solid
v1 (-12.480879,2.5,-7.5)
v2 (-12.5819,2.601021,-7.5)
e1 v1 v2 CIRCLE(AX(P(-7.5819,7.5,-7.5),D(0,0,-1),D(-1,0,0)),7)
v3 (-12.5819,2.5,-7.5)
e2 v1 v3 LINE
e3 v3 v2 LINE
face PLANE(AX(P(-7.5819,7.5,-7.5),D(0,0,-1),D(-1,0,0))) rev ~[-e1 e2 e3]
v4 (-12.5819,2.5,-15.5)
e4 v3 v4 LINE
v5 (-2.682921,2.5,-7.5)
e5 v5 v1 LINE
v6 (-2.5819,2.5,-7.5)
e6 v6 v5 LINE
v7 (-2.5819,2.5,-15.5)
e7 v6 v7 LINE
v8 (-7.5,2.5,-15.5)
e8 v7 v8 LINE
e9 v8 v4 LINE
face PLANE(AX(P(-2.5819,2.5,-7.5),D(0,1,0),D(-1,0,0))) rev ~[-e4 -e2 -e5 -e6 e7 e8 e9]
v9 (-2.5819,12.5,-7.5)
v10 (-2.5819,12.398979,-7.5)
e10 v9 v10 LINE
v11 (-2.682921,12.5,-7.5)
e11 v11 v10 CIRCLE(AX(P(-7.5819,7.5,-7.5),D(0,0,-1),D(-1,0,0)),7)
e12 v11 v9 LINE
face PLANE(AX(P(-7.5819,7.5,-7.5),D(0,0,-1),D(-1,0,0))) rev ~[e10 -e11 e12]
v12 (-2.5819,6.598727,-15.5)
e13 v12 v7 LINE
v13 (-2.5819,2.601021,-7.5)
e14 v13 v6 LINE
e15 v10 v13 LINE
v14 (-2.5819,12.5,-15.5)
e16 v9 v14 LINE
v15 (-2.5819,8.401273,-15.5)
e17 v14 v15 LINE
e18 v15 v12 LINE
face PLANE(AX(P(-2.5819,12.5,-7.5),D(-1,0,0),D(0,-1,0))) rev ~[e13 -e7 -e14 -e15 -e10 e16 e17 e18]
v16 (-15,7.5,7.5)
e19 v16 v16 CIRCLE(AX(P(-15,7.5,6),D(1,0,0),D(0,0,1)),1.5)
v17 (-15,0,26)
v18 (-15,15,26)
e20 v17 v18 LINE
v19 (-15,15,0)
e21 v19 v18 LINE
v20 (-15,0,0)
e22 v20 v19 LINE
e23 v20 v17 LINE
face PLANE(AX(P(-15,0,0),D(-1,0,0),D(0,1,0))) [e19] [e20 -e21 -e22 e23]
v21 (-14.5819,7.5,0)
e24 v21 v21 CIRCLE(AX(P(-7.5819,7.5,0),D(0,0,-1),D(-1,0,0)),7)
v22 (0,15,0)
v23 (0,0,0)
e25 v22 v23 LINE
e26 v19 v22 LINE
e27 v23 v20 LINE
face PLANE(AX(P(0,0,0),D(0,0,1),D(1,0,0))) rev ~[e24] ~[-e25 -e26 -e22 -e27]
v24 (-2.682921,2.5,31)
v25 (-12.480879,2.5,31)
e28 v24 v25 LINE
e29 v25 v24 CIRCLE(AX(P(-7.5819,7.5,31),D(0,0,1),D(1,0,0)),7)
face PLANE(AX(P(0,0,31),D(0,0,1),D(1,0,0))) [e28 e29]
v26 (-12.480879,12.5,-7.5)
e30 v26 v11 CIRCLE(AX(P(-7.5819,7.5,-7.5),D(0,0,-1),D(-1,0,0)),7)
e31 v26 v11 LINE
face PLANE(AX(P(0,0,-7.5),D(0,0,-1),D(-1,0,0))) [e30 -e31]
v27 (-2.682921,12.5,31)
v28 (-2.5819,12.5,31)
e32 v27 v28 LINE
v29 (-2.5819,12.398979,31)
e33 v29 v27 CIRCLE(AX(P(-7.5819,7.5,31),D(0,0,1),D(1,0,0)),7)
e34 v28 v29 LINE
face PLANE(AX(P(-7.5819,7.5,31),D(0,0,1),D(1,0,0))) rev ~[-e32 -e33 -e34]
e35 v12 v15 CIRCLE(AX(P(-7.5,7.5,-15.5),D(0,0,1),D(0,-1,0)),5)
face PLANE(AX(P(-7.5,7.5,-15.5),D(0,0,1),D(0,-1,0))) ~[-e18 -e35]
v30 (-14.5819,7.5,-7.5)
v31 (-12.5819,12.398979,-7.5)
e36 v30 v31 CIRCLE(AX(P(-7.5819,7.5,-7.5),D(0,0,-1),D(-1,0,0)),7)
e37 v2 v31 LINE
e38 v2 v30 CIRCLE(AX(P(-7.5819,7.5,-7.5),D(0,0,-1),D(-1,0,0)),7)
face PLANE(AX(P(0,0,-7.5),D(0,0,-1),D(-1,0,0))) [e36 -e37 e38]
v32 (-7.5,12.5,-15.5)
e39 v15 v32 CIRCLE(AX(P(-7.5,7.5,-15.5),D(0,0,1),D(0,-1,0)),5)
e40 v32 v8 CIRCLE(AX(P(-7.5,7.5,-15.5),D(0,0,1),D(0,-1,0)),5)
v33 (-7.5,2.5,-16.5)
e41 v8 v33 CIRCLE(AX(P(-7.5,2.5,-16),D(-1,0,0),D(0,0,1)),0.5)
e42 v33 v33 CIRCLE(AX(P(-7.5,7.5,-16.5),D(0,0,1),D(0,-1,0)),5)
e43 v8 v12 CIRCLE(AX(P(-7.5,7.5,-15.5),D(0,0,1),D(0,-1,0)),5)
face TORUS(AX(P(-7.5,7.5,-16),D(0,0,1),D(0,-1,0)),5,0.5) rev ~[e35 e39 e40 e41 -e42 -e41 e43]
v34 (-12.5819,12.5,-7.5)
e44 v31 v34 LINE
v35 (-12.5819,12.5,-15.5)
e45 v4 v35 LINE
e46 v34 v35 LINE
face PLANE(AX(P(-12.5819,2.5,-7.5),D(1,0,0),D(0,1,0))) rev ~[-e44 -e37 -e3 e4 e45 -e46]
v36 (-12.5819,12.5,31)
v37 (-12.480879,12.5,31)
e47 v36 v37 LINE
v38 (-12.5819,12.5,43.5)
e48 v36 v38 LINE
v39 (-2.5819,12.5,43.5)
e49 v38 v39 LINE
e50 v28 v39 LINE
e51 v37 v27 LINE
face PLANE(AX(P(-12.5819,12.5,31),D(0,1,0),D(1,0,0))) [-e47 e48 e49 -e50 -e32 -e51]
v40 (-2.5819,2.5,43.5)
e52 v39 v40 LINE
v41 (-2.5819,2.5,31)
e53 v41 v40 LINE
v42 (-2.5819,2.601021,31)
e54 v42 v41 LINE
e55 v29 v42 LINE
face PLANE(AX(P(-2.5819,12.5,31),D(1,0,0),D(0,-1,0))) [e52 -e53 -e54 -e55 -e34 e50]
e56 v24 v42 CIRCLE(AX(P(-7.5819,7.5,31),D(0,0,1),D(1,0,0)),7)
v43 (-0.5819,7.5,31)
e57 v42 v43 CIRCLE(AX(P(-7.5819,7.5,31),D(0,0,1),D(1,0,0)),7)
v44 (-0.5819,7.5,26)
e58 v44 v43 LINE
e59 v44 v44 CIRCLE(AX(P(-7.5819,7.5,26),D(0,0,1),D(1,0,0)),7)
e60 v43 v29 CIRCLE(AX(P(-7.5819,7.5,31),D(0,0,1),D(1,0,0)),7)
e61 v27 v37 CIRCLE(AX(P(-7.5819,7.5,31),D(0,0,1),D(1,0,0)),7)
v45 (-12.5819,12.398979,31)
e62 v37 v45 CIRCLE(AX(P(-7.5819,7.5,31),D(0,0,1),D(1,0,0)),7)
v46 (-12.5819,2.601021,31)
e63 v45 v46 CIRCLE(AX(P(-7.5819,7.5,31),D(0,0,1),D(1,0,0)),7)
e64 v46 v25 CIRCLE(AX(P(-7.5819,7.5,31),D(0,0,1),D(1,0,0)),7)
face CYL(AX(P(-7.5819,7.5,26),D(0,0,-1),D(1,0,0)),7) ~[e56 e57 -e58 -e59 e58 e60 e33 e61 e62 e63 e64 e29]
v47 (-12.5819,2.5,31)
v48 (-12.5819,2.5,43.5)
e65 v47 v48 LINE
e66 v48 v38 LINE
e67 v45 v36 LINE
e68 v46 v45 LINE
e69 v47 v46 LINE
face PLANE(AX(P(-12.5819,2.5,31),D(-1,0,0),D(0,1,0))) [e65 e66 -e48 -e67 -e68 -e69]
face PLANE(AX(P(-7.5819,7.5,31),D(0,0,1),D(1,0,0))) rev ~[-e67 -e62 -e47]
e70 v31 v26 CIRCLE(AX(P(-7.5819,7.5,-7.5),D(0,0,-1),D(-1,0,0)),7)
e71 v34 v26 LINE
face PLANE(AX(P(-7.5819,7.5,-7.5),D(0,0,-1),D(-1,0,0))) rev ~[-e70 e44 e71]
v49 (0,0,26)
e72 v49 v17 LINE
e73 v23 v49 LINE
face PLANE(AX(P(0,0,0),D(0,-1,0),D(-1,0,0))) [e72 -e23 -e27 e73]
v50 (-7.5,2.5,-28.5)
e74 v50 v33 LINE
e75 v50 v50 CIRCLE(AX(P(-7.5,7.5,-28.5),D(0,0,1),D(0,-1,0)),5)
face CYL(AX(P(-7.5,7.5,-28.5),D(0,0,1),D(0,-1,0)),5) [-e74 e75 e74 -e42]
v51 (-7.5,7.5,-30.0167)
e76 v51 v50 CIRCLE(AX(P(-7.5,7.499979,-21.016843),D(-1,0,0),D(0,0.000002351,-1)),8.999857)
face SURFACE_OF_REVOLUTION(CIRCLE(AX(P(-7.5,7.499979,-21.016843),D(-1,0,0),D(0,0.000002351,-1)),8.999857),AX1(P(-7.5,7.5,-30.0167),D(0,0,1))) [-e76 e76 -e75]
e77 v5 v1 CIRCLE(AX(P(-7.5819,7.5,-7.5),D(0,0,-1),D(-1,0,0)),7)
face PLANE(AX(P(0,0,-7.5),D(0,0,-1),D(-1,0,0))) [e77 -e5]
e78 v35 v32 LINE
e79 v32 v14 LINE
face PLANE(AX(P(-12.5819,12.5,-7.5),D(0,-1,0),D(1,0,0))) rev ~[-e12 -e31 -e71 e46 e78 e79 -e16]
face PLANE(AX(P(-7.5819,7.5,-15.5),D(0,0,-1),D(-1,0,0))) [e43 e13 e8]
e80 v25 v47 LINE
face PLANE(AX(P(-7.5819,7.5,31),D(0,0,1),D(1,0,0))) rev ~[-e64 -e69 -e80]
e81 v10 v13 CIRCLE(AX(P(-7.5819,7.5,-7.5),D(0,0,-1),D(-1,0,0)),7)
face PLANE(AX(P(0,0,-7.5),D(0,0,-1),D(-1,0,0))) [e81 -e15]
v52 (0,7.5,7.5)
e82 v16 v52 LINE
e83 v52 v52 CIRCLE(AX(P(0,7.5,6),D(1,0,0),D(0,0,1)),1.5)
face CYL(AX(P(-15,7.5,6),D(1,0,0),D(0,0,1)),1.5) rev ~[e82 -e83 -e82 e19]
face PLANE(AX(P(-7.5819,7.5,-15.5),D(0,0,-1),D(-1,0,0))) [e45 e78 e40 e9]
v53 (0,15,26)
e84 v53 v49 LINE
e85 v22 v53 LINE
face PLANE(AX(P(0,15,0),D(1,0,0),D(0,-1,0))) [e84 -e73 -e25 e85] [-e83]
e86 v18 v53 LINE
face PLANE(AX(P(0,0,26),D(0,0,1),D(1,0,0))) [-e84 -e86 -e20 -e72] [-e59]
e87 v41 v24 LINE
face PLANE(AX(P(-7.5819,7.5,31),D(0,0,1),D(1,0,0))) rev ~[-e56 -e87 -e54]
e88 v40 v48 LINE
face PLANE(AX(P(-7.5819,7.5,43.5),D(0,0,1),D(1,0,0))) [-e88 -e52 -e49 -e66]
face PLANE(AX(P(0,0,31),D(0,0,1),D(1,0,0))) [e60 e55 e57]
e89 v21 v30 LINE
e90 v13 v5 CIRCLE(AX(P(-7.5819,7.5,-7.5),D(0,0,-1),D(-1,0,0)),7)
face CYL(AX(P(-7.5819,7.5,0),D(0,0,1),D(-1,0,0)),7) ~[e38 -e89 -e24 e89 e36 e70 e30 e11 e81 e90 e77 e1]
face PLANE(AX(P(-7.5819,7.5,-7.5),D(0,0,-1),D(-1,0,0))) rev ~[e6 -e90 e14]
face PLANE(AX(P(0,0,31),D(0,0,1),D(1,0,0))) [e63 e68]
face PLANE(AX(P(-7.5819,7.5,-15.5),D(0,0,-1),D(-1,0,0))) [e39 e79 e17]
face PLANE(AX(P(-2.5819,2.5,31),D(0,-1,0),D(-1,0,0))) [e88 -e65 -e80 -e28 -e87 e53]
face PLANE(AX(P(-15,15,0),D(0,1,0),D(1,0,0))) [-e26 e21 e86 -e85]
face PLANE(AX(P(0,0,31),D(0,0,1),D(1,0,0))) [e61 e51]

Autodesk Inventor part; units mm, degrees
ref_plane "YZ Plane" through (0, 0, 0) normal (1, 0, 0) x (0, 1, 0)
ref_plane "XZ Plane" through (0, 0, 0) normal (0, 1, 0) x (-1, 0, 0)
sketch "Sketch1" plane through (0, 0, 0) normal (0, 0, 1) x (1, 0, 0)
  line L0 (0, 0) -> (-15, 0)
  line L1 (-15, 0) -> (-15, 15)
  line L2 (-15, 15) -> (0, 15)
  line L3 (0, 15) -> (0, 0)
  dimension "d0" = 15
  dimension "d1" = 15
extrude "Extrusion1" add sketch "Sketch1" along normal blind 26
sketch "Sketch2" plane through (0, 0, 26) normal (0, 0, 1) x (1, 0, 0)
  circle A0 centre (-7.5819, 7.5) radius 7
  point P0 (0, 0)
  dimension "d4" = 14
extrude "Extrusion2" add sketch "Sketch2" along normal blind 5
sketch "Sketch3" plane through (-7.5819, 7.5, 31) normal (0, 0, 1) x (1, 0, 0)
  line L0 (-5, 5) -> (5, 5)
  line L1 (5, 5) -> (5, -5)
  line L2 (5, -5) -> (-5, -5)
  line L3 (-5, -5) -> (-5, 5)
  line L4 (-5, 5) -> (5, -5) construction
  line L5 (5, 5) -> (-5, -5) construction
  point P0 (7.5819, -7.5)
  point P1 (0, 0)
  dimension "d7" = 10
  dimension "d8" = 10
extrude "Extrusion3" add sketch "Sketch3" along normal blind 12.5
sketch "Sketch4" plane through (0, 0, 0) normal (0, 0, -1) x (-1, 0, 0)
  circle A0 centre (7.5819, 7.5) radius 7 projected
  circle A1 centre (7.5819, 7.5) radius 7
  point P0 (0, 0)
  dimension "d11" = 14
extrude "Extrusion4" add sketch "Sketch4" along normal blind 7.5
sketch "Sketch5" plane through (-7.5819, 7.5, -7.5) normal (0, 0, -1) x (-1, 0, 0)
  line L0 (-5, -5) -> (5, -5)
  line L1 (5, -5) -> (5, 5)
  line L2 (5, 5) -> (-5, 5)
  line L3 (-5, 5) -> (-5, -5)
  line L4 (-5, -5) -> (5, 5) construction
  line L5 (5, -5) -> (-5, 5) construction
  point P0 (-7.5819, -7.5)
  point P1 (0, 0)
  dimension "d14" = 10
  dimension "d15" = 10
extrude "Extrusion5" add sketch "Sketch5" along normal blind 8
ref_plane "Work Plane1" through (-7.5, 0, 0) normal (-1, 0, 0) x (0, 0, 1)
sketch "Sketch6" plane through (-7.5, 0, 0) normal (-1, 0, 0) x (0, 0, 1)
  line L0 (-15.5, 12.5) -> (-15.5, 2.5) projected
  line L1 (-7.5, 2.5) -> (-15.5, 2.5) projected
  arc A0 (-15.5, 2.5) -> (-16.5, 2.5) centre (-16, 2.5) ccw
  line L2 (-28.5, 2.5) -> (-16.5, 2.5)
  arc A1 (-30.0167, 7.5) -> (-28.5, 2.5) centre (-21.0167, 7.5) ccw
  line L3 (-30.0167, 7.5) -> (-15.5, 7.5)
  line L4 (-15.5, 2.5) -> (-15.5, 7.5)
  point P0 (0, 0)
  dimension "d19" = 0.5
  dimension "d20" = 1
  dimension "d21" = 12
  dimension "d22" = 18
revolve "Revolution1" add sketch "Sketch6" angle 360 about axis through (-7.5, 7.5, -30.0167) along (0, 0, 1)
sketch "Sketch7" plane through (-15, 0, 0) normal (-1, 0, 0) x (0, 0, 1)
  line L0 (0, 15) -> (26, 15) projected
  line L1 (0, 15) -> (0, 0) projected
  point P0 (6, 7.5)
  dimension "d31" = 7.5
  dimension "d32" = 6
hole "Hole1" at (-15, 7.5, 6) direction (1, 0, 0) diameter 3 end through all
